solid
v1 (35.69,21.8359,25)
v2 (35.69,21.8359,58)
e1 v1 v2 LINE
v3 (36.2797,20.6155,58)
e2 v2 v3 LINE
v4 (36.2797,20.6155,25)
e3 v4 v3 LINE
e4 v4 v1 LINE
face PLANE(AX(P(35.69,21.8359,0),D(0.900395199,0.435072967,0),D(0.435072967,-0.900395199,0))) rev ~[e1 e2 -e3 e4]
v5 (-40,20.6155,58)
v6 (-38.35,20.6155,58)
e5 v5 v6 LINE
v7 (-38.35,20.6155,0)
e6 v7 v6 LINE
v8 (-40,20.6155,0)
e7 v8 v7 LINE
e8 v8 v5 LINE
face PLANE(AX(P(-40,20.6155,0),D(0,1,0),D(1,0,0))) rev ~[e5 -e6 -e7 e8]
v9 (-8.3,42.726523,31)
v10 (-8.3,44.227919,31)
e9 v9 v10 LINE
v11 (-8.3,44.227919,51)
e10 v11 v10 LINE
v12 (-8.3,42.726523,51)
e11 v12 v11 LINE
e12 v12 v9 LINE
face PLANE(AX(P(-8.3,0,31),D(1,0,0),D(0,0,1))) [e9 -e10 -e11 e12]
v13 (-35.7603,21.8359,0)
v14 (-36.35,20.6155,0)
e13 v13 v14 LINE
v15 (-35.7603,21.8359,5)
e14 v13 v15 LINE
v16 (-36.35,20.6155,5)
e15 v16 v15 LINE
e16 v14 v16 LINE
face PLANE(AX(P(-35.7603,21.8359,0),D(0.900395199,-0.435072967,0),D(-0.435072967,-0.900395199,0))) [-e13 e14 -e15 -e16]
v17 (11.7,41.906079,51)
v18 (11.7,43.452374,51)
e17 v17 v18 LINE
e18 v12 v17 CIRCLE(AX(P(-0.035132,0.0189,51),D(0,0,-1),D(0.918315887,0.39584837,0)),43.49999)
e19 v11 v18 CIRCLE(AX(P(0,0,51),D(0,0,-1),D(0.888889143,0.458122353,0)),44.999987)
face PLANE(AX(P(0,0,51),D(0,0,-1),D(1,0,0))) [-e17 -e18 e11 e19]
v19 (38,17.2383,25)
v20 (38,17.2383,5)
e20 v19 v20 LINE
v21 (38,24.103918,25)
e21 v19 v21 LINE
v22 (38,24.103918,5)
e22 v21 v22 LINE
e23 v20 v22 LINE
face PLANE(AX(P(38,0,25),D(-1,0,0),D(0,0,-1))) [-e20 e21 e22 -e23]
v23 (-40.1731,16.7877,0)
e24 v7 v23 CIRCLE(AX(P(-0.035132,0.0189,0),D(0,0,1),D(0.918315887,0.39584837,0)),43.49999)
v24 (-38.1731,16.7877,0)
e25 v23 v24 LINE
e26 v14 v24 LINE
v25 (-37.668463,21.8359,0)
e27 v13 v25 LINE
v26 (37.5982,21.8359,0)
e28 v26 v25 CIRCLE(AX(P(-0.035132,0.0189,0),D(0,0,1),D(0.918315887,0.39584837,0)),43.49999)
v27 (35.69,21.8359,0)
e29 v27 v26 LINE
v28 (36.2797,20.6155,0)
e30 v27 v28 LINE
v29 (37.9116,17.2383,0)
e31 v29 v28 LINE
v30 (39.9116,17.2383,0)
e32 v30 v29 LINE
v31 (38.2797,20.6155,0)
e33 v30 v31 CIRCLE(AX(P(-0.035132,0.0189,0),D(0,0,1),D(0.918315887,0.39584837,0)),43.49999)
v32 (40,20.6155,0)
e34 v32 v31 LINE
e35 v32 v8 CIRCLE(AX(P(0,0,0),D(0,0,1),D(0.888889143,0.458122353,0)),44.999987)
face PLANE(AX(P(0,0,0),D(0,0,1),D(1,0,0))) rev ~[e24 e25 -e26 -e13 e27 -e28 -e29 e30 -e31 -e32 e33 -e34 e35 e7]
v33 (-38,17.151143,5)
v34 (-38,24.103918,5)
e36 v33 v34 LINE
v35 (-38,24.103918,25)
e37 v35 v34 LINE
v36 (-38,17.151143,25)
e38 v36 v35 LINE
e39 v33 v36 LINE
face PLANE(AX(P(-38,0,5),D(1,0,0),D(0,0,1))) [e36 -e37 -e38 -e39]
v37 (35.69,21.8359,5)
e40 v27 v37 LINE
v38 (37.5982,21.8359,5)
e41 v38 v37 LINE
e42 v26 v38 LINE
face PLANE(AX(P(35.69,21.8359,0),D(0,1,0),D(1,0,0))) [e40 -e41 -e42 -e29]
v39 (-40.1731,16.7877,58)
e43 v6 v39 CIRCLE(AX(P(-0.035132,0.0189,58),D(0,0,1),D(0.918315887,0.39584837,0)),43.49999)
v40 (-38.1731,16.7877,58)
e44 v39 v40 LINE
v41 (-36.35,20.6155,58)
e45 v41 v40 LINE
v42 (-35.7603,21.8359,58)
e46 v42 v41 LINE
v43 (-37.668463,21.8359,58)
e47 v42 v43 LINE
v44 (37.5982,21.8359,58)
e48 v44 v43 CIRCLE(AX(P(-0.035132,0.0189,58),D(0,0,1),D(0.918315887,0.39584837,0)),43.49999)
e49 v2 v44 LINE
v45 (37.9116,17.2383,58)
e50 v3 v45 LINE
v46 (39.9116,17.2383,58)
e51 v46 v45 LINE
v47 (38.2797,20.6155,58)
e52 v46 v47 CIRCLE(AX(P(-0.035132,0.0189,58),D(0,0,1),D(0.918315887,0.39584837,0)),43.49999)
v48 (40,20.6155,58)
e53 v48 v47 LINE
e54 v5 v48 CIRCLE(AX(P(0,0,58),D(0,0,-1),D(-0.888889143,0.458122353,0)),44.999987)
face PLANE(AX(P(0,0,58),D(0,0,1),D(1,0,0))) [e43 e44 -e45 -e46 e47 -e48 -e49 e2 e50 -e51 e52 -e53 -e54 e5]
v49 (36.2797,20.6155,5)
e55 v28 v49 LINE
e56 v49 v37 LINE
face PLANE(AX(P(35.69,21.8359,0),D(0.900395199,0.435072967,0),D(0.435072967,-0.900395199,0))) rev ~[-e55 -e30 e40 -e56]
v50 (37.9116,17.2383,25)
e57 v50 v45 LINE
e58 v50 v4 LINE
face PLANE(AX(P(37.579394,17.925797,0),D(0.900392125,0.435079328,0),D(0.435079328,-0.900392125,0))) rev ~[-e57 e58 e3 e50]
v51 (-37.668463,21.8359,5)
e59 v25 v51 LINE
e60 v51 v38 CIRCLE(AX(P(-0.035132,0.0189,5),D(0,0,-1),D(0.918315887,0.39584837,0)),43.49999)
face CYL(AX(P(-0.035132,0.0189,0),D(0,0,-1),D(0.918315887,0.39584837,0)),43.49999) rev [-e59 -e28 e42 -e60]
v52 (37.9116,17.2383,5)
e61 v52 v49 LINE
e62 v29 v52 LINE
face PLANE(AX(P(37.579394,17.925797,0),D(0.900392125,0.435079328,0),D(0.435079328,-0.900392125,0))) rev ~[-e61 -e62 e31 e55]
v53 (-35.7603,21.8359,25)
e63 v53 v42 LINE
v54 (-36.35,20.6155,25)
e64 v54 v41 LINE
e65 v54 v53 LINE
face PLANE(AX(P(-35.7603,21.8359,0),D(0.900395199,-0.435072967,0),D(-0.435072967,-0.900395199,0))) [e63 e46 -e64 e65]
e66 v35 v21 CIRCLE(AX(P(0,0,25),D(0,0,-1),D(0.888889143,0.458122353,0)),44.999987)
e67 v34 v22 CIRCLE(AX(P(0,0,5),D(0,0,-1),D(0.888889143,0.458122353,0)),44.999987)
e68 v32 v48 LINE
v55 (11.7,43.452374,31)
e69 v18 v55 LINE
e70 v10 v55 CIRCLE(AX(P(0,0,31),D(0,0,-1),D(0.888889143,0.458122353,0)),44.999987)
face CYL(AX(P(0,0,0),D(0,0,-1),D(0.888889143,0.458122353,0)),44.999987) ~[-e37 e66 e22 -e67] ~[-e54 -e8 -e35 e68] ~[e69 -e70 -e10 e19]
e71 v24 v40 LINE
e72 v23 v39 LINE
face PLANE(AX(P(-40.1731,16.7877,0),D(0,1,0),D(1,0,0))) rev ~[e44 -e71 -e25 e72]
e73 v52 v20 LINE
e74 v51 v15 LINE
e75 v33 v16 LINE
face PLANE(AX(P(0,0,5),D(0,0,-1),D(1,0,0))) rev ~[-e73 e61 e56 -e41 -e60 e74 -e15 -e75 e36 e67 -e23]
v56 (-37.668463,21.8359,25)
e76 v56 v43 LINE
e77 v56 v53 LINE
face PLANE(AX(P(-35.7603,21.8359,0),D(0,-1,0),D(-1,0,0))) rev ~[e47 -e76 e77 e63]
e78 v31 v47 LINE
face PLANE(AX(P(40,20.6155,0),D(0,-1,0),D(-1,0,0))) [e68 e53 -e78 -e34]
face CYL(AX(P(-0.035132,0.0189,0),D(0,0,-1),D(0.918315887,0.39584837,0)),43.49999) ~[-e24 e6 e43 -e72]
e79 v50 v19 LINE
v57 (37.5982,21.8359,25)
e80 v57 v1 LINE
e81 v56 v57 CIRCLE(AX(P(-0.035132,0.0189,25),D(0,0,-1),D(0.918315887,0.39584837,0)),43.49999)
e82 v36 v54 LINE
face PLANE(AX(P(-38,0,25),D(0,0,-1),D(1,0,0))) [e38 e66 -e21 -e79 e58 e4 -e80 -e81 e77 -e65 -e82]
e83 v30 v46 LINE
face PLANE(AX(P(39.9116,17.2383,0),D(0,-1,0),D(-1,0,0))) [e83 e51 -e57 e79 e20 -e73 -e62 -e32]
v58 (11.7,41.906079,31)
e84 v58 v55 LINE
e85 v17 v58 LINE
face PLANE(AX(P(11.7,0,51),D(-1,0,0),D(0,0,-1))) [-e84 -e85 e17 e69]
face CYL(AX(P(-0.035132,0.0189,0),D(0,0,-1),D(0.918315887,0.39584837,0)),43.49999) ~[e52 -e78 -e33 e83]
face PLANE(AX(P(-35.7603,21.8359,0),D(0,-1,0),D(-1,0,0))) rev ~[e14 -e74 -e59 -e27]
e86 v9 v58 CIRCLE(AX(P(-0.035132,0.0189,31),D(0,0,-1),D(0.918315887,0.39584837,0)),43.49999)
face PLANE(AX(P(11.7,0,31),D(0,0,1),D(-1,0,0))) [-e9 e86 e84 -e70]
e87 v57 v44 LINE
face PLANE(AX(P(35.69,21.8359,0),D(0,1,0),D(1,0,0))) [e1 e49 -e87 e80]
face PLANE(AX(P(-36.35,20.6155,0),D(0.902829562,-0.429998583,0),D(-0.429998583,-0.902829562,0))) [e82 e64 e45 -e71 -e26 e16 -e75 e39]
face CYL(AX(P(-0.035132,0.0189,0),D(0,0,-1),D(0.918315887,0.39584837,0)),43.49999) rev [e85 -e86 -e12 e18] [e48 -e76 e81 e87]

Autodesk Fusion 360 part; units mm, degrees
sketch "Sketch1" plane through (0, 0, 0) normal (0, 0, 1) x (1, 0, 0)
  arc A0 (40, 20.6155) -> (-40, 20.6155) centre (0, 0) ccw
  arc A1 (39.9116, 17.2383) -> (-40.1731, 16.7877) centre (-0.0351, 0.0189) ccw
  line L0 (-40, 20.6155) -> (-38.35, 20.6155)
  line L1 (40, 20.6155) -> (38.2797, 20.6155)
  line L2 (-40.1731, 16.7877) -> (-38.1731, 16.7877)
  line L3 (39.9116, 17.2383) -> (37.9116, 17.2383)
  line L4 (-36.35, 20.6155) -> (-38.1731, 16.7877)
  line L5 (36.2797, 20.6155) -> (37.9116, 17.2383)
  arc A2 (37.5794, 17.9258) -> (37.9116, 17.2383) centre (37.9116, 17.6623) ccw
  line L6 (35.69, 21.8359) -> (39.3471, 21.8359)
  line L7 (35.69, 21.8359) -> (36.2797, 20.6155)
  line L8 (-0.0351, 0.0189) -> (-0.0351, 49.45) construction
  line L9 (-35.7603, 21.8359) -> (-36.35, 20.6155)
  line L10 (-35.7603, 21.8359) -> (-39.4174, 21.8359)
  dimension "d2" = 80
  dimension "d4" = 2
  dimension "d5" = 2
  dimension "d6" = 2
  dimension "d7" = 2
extrude "Extrude1" add sketch "Sketch1" along normal blind 58 contours A0 A1 L1 L6 | A0 A1 L6 L10 | A1 L3 L5 L6 L7 | A0 A1 L0 L10 | A1 L2 L4 L9 L10
sketch "Sketch2" plane through (0, 0, 0) normal (0, 1, 0) x (1, 0, 0)
  line L0 (0, 0) -> (0, -5)
  line L1 (0, -5) -> (38, -5)
  line L2 (38, -5) -> (-38, -5)
  line L3 (-38, -5) -> (-38, -25)
  line L4 (-38, -25) -> (38, -25)
  line L5 (38, -25) -> (38, -5)
  line L6 (-8.3, -51) -> (11.7, -51)
  line L7 (11.7, -51) -> (11.7, -31)
  line L8 (11.7, -31) -> (-8.3, -31)
  line L9 (-8.3, -31) -> (-8.3, -51)
  line L10 (-8.3, -51) -> (11.7, -31) construction
  line L11 (11.7, -51) -> (-8.3, -31) construction
  line L12 (0, -57.95) -> (0, -50.95)
  point P0 (1.7, -41)
  dimension "d10" = 5
  dimension "d11" = 38
  dimension "d12" = 76
  dimension "d13" = 20
  dimension "d14" = 20
  dimension "d15" = 20
  dimension "d16" = 7
extrude "Extrude2" cut sketch "Sketch2" along normal blind 80
equation "d11 = ( 76 / 2 ) * 1 mm"
